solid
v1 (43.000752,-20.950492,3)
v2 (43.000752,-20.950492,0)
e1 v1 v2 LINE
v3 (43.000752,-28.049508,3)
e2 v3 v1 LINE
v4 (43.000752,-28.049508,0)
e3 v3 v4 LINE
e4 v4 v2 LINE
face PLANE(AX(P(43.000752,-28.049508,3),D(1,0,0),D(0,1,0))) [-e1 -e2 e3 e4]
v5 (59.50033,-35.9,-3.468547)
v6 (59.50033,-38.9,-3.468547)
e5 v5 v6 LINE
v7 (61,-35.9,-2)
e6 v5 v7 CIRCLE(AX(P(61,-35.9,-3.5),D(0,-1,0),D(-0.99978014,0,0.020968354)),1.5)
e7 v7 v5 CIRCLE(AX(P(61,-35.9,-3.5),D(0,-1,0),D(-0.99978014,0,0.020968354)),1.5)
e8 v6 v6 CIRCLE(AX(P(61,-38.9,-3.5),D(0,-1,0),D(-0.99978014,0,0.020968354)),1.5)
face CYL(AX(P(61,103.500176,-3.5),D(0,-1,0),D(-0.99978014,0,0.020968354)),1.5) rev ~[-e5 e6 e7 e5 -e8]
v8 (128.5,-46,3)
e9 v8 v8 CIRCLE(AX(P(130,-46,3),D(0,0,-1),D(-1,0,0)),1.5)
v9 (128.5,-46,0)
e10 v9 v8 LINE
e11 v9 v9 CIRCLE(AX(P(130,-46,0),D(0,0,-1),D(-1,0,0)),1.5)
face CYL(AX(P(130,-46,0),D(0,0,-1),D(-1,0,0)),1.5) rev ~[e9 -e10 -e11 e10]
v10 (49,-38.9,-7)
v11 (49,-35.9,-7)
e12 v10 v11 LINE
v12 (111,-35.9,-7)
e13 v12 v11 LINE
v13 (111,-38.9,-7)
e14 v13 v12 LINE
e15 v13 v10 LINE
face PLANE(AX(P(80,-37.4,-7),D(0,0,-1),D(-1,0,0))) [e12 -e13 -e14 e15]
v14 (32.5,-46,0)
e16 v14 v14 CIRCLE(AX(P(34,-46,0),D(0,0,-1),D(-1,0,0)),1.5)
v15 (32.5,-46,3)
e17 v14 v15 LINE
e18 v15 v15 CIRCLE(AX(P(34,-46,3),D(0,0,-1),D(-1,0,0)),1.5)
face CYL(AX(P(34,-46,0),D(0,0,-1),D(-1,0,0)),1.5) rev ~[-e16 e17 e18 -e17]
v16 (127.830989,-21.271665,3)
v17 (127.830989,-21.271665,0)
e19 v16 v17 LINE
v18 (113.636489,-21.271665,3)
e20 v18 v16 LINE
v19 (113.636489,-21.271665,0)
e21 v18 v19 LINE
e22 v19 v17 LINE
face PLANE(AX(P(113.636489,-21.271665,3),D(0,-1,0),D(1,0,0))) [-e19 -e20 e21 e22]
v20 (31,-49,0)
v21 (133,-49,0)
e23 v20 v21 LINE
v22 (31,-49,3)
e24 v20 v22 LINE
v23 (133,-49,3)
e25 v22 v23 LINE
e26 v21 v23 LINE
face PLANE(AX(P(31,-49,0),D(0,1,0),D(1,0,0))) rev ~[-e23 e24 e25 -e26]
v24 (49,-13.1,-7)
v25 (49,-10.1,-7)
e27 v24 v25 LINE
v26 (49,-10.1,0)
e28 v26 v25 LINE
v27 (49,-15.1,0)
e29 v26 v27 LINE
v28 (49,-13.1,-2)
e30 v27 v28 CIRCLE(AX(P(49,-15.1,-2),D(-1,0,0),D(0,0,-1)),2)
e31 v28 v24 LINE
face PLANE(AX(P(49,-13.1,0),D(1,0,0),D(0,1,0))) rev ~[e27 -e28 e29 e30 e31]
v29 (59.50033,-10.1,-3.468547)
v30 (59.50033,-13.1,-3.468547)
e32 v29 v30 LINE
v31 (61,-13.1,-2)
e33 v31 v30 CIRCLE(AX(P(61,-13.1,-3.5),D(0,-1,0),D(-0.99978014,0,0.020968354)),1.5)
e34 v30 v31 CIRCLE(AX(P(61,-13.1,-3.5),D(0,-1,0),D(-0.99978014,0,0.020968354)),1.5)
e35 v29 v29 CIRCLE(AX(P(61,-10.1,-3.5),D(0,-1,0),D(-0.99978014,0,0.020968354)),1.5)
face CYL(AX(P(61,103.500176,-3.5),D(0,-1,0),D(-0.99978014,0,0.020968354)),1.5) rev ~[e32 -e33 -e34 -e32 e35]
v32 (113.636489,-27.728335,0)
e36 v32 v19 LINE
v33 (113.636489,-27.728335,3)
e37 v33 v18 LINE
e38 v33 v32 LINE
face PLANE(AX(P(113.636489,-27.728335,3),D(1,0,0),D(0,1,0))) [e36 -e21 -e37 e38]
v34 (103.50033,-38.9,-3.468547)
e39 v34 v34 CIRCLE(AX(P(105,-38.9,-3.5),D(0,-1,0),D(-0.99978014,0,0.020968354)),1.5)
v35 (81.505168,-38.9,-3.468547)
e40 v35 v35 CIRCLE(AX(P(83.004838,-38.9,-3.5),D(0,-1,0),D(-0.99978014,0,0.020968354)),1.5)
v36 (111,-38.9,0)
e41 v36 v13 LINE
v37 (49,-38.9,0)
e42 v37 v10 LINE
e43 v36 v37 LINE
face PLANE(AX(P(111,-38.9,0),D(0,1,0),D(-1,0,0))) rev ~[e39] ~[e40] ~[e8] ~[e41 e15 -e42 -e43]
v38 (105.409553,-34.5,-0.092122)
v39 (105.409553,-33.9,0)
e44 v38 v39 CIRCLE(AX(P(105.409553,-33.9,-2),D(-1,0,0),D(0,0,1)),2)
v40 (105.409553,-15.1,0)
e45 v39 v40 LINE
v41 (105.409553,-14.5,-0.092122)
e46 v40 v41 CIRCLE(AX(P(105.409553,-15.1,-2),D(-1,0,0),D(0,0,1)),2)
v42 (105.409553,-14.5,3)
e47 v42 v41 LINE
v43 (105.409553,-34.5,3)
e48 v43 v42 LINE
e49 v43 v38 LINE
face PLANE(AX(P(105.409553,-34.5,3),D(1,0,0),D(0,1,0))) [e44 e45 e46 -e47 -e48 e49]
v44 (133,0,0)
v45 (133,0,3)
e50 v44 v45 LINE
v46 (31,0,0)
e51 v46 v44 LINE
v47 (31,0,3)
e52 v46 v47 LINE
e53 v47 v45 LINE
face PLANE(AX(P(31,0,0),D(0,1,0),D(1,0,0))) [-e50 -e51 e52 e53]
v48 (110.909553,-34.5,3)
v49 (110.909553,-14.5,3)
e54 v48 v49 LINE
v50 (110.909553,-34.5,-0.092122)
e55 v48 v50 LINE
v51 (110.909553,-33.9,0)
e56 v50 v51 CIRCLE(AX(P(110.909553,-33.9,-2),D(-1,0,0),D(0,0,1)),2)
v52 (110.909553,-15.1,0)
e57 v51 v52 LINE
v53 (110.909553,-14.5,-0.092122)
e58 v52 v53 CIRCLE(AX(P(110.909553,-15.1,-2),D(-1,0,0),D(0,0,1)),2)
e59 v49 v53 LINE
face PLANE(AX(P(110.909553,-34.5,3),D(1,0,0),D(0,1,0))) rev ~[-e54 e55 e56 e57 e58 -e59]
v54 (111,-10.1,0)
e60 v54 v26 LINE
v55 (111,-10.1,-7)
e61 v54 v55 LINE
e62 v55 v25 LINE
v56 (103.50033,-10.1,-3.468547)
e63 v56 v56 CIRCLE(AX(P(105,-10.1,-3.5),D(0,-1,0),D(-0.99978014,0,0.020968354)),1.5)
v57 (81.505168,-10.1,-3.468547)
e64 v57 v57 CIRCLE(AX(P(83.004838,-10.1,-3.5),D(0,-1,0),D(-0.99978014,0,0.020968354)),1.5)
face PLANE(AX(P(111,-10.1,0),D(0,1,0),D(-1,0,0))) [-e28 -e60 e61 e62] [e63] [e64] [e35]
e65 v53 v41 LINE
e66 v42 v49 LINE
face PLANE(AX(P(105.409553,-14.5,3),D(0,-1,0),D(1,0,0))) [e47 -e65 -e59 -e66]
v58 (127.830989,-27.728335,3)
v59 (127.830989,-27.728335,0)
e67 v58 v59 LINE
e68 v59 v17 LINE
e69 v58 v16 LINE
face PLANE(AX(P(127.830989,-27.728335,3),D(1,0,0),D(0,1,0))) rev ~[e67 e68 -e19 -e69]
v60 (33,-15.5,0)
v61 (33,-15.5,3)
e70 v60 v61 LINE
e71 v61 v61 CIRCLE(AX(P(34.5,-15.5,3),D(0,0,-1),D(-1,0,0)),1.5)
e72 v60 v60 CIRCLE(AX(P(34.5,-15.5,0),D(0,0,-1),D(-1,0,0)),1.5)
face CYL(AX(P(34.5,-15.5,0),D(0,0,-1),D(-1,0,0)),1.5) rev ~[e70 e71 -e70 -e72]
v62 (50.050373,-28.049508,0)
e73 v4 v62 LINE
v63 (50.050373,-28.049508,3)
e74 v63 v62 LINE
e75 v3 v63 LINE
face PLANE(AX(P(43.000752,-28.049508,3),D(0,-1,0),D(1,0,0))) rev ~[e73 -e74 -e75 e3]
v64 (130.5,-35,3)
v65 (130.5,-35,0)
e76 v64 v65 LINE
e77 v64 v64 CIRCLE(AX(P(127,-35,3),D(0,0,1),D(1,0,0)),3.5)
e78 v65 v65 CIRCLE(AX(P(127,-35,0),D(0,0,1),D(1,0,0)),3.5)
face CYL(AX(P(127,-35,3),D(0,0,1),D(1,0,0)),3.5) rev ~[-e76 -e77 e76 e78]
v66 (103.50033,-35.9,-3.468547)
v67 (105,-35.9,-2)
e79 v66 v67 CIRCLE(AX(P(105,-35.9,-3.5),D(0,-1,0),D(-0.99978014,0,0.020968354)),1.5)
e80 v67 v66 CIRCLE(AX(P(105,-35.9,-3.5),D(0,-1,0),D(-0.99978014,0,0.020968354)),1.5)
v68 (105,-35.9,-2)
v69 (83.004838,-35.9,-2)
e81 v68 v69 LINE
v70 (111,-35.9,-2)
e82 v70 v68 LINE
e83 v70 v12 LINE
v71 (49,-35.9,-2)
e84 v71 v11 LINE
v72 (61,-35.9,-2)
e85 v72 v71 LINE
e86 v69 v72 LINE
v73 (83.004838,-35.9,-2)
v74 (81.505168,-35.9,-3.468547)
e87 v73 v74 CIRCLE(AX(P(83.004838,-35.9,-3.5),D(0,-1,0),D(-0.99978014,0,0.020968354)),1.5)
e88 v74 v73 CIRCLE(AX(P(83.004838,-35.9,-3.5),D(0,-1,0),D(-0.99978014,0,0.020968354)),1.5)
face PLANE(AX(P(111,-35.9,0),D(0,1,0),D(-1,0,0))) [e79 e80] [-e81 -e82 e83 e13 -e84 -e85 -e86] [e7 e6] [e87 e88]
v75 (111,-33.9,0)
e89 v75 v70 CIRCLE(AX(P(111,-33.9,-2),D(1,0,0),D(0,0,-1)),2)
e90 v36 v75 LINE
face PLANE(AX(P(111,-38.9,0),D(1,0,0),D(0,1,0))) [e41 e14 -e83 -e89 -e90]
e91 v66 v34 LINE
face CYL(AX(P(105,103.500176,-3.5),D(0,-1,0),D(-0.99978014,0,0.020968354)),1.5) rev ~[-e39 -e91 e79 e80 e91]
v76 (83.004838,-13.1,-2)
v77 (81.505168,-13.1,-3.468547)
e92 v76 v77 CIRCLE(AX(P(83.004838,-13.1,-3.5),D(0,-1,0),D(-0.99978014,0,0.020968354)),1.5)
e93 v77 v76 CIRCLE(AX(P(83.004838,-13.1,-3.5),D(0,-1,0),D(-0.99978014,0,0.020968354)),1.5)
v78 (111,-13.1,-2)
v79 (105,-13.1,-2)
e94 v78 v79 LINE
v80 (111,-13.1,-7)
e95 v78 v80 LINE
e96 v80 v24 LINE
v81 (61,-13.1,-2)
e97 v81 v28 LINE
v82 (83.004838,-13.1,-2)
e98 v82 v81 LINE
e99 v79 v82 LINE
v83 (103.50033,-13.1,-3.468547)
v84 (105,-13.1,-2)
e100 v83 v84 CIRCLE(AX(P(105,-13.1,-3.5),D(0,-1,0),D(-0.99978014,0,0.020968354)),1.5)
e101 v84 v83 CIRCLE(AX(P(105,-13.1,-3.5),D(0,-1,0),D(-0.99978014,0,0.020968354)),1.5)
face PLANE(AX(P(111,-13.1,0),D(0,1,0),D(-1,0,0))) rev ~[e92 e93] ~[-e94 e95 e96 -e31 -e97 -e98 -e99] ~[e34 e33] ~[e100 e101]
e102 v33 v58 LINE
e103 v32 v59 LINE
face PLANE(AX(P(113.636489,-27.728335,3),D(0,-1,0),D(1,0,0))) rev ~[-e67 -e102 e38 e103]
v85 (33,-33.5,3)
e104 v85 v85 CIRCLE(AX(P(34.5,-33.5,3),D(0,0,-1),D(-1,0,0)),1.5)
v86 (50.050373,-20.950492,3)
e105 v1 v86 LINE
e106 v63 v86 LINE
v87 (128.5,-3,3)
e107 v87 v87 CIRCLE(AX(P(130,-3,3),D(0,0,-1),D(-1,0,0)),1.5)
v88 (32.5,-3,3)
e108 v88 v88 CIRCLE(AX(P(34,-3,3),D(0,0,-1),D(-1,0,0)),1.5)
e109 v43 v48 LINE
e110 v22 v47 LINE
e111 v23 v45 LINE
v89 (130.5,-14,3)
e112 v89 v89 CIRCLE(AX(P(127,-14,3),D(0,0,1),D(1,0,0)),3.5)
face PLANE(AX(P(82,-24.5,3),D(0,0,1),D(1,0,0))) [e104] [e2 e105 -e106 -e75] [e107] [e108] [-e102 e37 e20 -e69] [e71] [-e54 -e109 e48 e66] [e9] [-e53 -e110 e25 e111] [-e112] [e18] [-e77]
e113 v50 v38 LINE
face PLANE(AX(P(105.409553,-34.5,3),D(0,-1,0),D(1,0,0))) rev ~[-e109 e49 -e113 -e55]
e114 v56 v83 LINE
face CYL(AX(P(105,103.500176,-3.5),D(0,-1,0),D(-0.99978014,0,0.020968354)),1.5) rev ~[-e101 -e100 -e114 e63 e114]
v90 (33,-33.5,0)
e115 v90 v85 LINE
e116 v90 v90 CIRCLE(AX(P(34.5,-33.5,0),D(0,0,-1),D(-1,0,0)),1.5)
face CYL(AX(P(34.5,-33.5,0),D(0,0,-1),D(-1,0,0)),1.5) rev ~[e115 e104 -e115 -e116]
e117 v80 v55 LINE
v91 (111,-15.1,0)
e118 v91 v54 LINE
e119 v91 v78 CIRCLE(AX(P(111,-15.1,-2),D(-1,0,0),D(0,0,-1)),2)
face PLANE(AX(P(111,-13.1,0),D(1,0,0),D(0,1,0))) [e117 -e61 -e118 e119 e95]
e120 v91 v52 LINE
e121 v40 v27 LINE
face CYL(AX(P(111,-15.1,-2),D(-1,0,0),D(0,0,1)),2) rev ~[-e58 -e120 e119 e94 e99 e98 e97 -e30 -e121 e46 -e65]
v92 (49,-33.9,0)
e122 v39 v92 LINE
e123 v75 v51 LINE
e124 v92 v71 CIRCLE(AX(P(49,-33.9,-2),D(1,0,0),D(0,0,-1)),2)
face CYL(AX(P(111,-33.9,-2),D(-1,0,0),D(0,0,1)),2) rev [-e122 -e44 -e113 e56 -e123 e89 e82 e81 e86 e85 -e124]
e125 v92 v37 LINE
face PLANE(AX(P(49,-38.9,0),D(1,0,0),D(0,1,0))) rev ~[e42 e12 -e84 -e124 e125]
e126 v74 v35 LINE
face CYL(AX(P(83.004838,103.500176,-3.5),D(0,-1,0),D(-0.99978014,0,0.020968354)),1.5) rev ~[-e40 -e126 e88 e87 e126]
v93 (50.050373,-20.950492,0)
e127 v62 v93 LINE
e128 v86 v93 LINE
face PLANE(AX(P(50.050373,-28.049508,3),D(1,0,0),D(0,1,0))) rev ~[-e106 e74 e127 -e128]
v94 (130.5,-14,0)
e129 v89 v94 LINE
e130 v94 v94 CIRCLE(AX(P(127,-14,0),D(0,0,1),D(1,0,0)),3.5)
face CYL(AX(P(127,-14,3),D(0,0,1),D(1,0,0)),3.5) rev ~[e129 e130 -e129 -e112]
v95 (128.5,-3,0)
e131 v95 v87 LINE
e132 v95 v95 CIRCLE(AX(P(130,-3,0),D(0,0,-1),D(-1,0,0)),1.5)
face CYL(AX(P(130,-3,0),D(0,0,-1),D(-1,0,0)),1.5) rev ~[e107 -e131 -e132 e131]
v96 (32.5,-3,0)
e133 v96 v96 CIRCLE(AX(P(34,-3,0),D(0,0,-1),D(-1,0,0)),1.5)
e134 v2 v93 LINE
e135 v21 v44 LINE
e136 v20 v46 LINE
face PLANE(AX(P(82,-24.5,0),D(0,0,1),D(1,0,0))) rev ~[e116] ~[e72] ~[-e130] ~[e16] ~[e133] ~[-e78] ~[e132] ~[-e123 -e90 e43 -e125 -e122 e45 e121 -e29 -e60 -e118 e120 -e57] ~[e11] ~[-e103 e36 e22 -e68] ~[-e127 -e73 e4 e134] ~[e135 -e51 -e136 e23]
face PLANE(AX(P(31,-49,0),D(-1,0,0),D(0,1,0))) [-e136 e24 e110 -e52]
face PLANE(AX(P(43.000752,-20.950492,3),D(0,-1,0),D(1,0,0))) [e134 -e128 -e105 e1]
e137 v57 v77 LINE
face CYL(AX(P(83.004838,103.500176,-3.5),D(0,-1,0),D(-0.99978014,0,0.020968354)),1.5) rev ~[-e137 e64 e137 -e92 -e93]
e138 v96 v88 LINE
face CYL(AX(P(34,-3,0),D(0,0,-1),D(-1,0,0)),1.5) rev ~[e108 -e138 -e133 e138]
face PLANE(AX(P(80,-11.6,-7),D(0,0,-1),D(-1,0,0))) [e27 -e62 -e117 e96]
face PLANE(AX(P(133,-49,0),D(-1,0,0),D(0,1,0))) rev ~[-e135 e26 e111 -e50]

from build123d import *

# Parameters (mm, degrees)
SKETCH_1_W          = 102
SKETCH_1_H          = 49
EXTRUDE_1_DEPTH     = 3
SKETCH_2_R          = 1.5
CUT_EXTRUDE_1_DEPTH = 4
SKETCH_3_W          = 62
SKETCH_3_H          = 3
EXTRUDE_2_DEPTH     = 7
FILLET_1_R          = 2
FILLET_2_R          = 2
MM_PRESS_1_D        = 3
SKETCH_6_R          = 3.5
SKETCH_6_W          = 5.5
SKETCH_6_H          = 20
SKETCH_6_W_2        = 7.049620939
SKETCH_6_H_2        = 7.099016596
SKETCH_6_W_3        = 14.194500079
SKETCH_6_H_3        = 6.456669412
CUT_EXTRUDE_2_DEPTH = 7


with BuildPart() as part:
    # 草图1 → 凸台-拉伸1 (new body)
    with BuildSketch(Plane.XY):
        with Locations((82, -24.5)):
            Rectangle(SKETCH_1_W, SKETCH_1_H)
    extrude(amount=EXTRUDE_1_DEPTH)

    # 草图2 → 切除-拉伸1 (cut, through all)
    with BuildSketch(Plane(origin=(0, 0, 0), x_dir=(-1, 0, 0), z_dir=(0, 0, -1))):
        with Locations((-130, -46)):
            Circle(SKETCH_2_R)
        with Locations((-130, -3)):
            Circle(SKETCH_2_R)
        with Locations((-34, -3)):
            Circle(SKETCH_2_R)
        with Locations((-34.5, -15.5)):
            Circle(SKETCH_2_R)
        with Locations((-34, -46)):
            Circle(SKETCH_2_R)
        with Locations((-34.5, -33.5)):
            Circle(SKETCH_2_R)
    extrude(amount=-CUT_EXTRUDE_1_DEPTH, mode=Mode.SUBTRACT)

    # 草图3 → 凸台-拉伸2 (add)
    with BuildSketch(Plane(origin=(0, 0, 0), x_dir=(-1, 0, 0), z_dir=(0, 0, -1))):
        with Locations((-80, -11.6)):
            Rectangle(SKETCH_3_W, SKETCH_3_H)
        with Locations((-80, -37.4)):
            Rectangle(SKETCH_3_W, SKETCH_3_H)
    extrude(amount=EXTRUDE_2_DEPTH)

    # 圆角1
    fillet_1_edges = [part.edges().sort_by_distance(p)[0] for p in [
        (80, -13.1, 0),
    ]]
    fillet(fillet_1_edges, radius=FILLET_1_R)

    # 圆角2
    fillet_2_edges = [part.edges().sort_by_distance(p)[0] for p in [
        (80, -35.9, 0),
    ]]
    fillet(fillet_2_edges, radius=FILLET_2_R)

    # 大小mm Press 暗销孔1 (through all)
    with Locations(Plane(origin=(43.000752307, -10.1, 120.302802184), x_dir=(0.99978014, 0, -0.020968354), z_dir=(0, 1, 0))):
        with Locations((20.591231353, 123.39816829), (42.591231353, 122.936763059), (64.581557509, 122.475560716)):
            Hole(MM_PRESS_1_D / 2)

    # 草图6 → 切除-拉伸2 (cut)
    with BuildSketch(Plane.XY.offset(3)):
        with Locations((127, -14)):
            Circle(SKETCH_6_R)
        with Locations((127, -35)):
            Circle(SKETCH_6_R)
        with Locations((108.159552583, -24.5)):
            Rectangle(SKETCH_6_W, SKETCH_6_H)
        with Locations((46.525562777, -24.5)):
            Rectangle(SKETCH_6_W_2, SKETCH_6_H_2)
        with Locations((120.733739183, -24.5)):
            Rectangle(SKETCH_6_W_3, SKETCH_6_H_3)
    extrude(amount=-CUT_EXTRUDE_2_DEPTH, mode=Mode.SUBTRACT)


solid = part.part
